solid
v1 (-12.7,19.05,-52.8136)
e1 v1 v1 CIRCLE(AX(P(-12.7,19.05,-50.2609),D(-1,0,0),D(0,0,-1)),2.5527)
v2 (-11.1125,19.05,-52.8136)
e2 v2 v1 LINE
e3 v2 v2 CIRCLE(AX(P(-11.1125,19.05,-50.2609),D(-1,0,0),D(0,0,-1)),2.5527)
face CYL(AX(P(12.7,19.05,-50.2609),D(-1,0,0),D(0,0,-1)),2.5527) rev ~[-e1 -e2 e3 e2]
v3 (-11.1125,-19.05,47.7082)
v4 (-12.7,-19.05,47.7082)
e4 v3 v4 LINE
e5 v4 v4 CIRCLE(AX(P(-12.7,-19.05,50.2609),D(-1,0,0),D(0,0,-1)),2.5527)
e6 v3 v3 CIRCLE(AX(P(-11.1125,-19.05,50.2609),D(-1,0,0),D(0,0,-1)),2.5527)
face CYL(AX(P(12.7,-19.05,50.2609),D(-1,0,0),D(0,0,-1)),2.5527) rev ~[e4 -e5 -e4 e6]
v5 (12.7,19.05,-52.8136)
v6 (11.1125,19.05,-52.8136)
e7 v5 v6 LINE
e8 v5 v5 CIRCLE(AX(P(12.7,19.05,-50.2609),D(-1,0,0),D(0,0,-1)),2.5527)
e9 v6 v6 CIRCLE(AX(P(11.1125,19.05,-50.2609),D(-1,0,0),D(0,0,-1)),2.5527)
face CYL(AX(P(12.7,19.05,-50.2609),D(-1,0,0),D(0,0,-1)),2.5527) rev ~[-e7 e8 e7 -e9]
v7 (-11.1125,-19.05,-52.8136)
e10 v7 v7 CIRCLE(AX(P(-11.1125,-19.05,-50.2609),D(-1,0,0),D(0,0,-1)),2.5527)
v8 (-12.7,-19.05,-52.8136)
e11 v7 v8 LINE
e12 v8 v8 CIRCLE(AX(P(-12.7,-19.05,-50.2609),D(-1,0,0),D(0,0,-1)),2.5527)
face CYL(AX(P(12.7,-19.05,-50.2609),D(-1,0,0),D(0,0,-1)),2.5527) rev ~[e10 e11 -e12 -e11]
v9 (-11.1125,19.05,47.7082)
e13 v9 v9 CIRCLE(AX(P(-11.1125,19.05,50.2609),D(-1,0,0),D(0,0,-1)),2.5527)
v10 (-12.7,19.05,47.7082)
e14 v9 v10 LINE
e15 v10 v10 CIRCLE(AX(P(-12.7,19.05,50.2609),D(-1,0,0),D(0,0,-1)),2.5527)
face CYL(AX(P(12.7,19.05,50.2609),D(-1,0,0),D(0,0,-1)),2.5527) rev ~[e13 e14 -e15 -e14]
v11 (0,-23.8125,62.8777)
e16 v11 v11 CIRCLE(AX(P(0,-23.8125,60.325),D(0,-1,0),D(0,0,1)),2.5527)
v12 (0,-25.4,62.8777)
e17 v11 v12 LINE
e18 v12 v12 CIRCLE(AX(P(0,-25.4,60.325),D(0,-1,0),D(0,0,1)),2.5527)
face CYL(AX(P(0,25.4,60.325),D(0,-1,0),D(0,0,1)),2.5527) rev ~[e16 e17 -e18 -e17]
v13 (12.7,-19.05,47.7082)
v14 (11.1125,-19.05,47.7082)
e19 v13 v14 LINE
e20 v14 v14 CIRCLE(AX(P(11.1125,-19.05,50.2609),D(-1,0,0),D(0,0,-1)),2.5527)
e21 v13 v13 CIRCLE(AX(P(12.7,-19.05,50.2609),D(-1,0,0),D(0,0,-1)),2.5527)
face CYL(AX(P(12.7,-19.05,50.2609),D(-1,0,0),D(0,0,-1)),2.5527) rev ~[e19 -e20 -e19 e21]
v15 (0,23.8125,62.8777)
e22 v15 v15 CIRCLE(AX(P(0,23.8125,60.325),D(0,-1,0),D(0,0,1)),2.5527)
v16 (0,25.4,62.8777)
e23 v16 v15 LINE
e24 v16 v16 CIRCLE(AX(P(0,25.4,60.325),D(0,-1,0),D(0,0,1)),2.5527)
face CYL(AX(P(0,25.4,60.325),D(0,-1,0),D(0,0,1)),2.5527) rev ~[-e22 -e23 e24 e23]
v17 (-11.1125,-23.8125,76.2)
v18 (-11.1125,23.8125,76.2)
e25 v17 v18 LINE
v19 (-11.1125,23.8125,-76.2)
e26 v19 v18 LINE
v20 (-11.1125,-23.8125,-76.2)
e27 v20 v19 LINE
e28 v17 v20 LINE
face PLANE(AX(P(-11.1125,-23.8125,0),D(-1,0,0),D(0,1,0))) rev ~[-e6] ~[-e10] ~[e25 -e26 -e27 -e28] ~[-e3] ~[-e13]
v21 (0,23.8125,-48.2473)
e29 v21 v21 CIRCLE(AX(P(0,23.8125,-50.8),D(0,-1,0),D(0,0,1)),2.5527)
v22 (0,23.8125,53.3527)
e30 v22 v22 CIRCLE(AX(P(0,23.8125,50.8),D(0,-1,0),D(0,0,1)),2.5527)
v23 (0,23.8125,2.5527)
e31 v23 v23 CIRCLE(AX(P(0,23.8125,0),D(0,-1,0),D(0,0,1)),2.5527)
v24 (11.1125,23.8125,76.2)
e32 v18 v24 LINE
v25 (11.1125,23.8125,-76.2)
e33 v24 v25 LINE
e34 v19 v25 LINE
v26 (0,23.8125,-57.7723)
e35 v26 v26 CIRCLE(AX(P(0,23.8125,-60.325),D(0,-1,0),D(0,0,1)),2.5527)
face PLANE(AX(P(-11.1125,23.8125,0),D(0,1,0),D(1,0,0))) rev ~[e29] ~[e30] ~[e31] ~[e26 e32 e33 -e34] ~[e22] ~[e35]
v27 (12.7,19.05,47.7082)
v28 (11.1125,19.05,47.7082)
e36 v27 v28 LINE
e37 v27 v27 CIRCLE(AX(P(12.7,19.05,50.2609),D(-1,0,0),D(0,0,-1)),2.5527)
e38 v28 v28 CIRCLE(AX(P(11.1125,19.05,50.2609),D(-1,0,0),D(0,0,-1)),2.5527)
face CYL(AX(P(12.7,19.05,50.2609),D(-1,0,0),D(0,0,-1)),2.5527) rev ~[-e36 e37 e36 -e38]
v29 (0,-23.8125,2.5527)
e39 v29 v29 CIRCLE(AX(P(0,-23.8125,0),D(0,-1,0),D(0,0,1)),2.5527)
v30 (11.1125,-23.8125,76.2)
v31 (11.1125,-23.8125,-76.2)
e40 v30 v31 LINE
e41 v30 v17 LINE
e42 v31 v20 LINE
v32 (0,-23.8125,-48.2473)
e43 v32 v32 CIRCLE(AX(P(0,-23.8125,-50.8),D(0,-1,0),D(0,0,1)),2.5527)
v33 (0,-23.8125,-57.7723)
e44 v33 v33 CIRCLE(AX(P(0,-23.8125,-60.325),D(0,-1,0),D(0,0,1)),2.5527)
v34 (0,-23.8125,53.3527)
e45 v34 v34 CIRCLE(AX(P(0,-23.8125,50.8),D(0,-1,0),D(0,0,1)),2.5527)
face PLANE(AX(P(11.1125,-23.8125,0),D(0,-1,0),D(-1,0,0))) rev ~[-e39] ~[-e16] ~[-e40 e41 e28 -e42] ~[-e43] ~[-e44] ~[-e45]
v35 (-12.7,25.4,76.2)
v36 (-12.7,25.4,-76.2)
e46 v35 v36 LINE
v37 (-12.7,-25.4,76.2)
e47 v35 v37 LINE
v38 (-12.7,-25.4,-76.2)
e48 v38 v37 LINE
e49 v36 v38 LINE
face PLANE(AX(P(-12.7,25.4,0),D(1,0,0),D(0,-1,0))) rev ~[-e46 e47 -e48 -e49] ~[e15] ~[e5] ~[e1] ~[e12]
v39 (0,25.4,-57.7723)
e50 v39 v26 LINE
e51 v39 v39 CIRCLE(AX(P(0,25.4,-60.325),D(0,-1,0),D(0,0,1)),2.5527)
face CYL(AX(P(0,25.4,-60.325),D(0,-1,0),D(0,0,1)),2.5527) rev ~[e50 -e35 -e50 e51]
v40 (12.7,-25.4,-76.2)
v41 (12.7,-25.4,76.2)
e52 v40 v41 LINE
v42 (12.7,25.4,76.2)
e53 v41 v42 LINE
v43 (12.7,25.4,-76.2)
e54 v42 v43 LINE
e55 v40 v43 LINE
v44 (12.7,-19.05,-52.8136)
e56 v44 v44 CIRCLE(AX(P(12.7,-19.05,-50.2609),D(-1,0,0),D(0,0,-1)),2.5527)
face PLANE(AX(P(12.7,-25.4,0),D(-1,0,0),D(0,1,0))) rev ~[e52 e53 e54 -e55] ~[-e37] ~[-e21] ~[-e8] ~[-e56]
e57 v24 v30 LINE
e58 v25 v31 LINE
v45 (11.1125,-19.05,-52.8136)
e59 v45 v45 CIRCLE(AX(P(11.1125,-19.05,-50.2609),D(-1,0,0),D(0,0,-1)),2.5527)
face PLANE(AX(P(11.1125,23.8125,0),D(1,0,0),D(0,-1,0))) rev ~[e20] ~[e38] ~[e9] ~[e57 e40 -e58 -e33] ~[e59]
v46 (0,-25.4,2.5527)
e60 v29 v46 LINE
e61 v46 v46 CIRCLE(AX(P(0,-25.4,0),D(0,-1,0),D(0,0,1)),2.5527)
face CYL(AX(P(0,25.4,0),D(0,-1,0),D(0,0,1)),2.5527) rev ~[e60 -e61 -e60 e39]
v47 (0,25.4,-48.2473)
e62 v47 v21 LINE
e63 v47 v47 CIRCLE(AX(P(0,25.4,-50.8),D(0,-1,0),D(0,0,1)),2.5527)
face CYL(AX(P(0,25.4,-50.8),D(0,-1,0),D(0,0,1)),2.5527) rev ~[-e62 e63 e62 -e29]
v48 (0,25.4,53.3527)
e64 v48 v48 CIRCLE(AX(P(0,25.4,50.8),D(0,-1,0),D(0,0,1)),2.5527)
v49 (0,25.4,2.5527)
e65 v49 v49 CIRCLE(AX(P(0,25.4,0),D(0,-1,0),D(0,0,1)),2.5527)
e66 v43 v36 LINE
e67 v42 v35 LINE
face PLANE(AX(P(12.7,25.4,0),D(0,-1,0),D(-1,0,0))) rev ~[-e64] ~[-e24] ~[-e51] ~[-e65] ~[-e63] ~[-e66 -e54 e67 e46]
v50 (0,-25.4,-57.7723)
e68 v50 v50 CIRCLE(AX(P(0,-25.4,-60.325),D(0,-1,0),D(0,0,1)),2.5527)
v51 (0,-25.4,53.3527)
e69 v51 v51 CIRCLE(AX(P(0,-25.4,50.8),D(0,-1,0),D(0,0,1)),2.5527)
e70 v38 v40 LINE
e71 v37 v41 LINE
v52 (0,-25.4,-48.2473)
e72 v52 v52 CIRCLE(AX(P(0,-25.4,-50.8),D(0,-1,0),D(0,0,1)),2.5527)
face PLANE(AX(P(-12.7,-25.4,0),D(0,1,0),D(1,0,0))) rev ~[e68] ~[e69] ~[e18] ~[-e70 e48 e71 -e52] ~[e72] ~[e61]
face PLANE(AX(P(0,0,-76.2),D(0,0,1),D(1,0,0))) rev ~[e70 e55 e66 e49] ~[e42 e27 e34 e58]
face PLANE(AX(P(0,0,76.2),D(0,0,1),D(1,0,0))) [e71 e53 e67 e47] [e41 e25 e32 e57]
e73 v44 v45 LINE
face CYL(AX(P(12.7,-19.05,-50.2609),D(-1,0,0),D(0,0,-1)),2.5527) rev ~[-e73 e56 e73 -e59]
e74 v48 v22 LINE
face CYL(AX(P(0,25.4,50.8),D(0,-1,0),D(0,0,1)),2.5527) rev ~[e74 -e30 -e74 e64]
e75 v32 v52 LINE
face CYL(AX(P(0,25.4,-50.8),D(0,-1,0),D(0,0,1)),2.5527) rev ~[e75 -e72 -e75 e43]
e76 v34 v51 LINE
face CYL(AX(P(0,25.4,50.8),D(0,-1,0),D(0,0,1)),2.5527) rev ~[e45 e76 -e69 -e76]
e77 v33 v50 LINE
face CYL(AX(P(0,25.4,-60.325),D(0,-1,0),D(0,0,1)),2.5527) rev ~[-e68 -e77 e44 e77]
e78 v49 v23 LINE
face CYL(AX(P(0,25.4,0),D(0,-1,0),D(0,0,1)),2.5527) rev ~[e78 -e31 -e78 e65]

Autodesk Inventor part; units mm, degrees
ref_plane "YZ Plane" through (0, 0, 0) normal (1, 0, 0) x (0, 1, 0)
ref_plane "XZ Plane" through (0, 0, 0) normal (0, 1, 0) x (-1, 0, 0)
ref_plane "XY Plane" through (0, 0, 0) normal (0, 0, 1) x (1, 0, 0)
sketch "Sketch1" plane through (0, 0, 0) normal (0, 0, 1) x (1, 0, 0)
  line L0 (-12.7, -25.4) -> (12.7, -25.4)
  line L1 (12.7, -25.4) -> (12.7, 25.4)
  line L2 (12.7, 25.4) -> (-12.7, 25.4)
  line L3 (-12.7, 25.4) -> (-12.7, -25.4)
  line L4 (-12.7, -25.4) -> (12.7, 25.4) construction
  line L5 (12.7, -25.4) -> (-12.7, 25.4) construction
  line L6 (-11.1125, 23.8125) -> (11.1125, 23.8125)
  line L7 (11.1125, 23.8125) -> (11.1125, -23.8125)
  line L8 (11.1125, -23.8125) -> (-11.1125, -23.8125)
  line L9 (-11.1125, -23.8125) -> (-11.1125, 23.8125)
  point P0 (0, 0)
  dimension "width" = 25.4
  dimension "height" = 50.8
  dimension "thickness" = 1.5875
extrude "Extrusion1" add sketch "Sketch1" along normal mid plane 152.4
sketch "Sketch2" plane through (-12.7, 25.4, 76.2) normal (0, 1, 0) x (1, 0, 0)
  line L0 (0, 152.4) -> (0, 0) construction
  line L1 (25.4, 0) -> (0, 0) construction
  line L2 (25.4, 152.4) -> (25.4, 0) construction
  line L3 (0, 152.4) -> (25.4, 152.4) construction
  line L4 (12.7, 127) -> (12.7, 25.4) construction
  point P0 (12.7, 76.2)
  point P1 (12.7, 76.2)
  point P2 (12.7, 76.2)
  dimension "d5" = 101.6
hole "Hole1" at (0, 25.4, -50.8) at (0, 25.4, 50.8) at (0, 25.4, 0) direction (0, -1, 0) diameter 5.1054 end through all clearance for "Flat Head Machine Screw (82)" size "#10" standard "Ansi Unified Screw Threads"
sketch "Sketch4" plane through (12.7, -25.4, 76.2) normal (1, 0, 0) x (0, 0, -1)
  circle A0 centre (76.2, 25.4) radius 53.75 construction
  line L0 (25.9391, 6.35) -> (126.4609, 6.35) construction
  line L1 (126.4609, 6.35) -> (126.4609, 44.45) construction
  line L2 (126.4609, 44.45) -> (25.9391, 44.45) construction
  line L3 (25.9391, 44.45) -> (25.9391, 6.35) construction
  line L4 (25.9391, 6.35) -> (126.4609, 44.45) construction
  line L5 (126.4609, 6.35) -> (25.9391, 44.45) construction
  line L6 (0, 0) -> (0, 50.8) construction
  dimension "d25" = 107.5
  dimension "d28" = 38.1
hole "Hole3" at (12.7, 19.05, 50.2609) at (12.7, 19.05, -50.2609) at (12.7, -19.05, -50.2609) at (12.7, -19.05, 50.2609) direction (-1, 0, 0) diameter 5.1054 end through all clearance for "Flat Head Machine Screw (82)" size "#10" standard "Ansi Unified Screw Threads"
sketch "Sketch5" plane through (-12.7, 25.4, 76.2) normal (0, 1, 0) x (1, 0, 0)
  line L0 (25.4, 0) -> (0, 0) projected
  line L1 (12.7, 136.525) -> (12.7, 15.875) construction
  line L2 (0, 152.4) -> (0, 0) construction
  point P0 (12.7, 76.2)
  point P1 (12.7, 0)
  point P2 (12.7, 76.2)
  point P3 (0, 76.2)
  dimension "d36" = 120.65
hole "Hole4" at (0, 25.4, -60.325) at (0, 25.4, 60.325) direction (0, -1, 0) diameter 5.1054 end through all clearance for "Flat Head Machine Screw (82)" size "#10" standard "Ansi Unified Screw Threads"
sketch "Sketch3" plane through (12.7, -25.4, 76.2) normal (1, 0, 0) x (0, 0, -1)
  line L0 (25.9391, 44.45) -> (126.4609, 44.45) construction
  line L1 (126.4609, 44.45) -> (126.4609, 6.35) construction
  line L2 (126.4609, 6.35) -> (25.9391, 6.35) construction
  line L3 (25.9391, 6.35) -> (25.9391, 44.45) construction
  line L4 (25.9391, 44.45) -> (126.4609, 6.35) construction
  line L5 (126.4609, 44.45) -> (25.9391, 6.35) construction
  circle A0 centre (76.2, 25.4) radius 60 construction
  circle A1 centre (76.2, 25.4) radius 47.5 construction
  circle A2 centre (76.2, 25.4) radius 53.75 construction
  dimension "d16" = 107.5
  dimension "d14" = 120
  dimension "d15" = 95
  dimension "d17" = 38.1
properties part number "GP9-004" material "Aluminum 6061"
